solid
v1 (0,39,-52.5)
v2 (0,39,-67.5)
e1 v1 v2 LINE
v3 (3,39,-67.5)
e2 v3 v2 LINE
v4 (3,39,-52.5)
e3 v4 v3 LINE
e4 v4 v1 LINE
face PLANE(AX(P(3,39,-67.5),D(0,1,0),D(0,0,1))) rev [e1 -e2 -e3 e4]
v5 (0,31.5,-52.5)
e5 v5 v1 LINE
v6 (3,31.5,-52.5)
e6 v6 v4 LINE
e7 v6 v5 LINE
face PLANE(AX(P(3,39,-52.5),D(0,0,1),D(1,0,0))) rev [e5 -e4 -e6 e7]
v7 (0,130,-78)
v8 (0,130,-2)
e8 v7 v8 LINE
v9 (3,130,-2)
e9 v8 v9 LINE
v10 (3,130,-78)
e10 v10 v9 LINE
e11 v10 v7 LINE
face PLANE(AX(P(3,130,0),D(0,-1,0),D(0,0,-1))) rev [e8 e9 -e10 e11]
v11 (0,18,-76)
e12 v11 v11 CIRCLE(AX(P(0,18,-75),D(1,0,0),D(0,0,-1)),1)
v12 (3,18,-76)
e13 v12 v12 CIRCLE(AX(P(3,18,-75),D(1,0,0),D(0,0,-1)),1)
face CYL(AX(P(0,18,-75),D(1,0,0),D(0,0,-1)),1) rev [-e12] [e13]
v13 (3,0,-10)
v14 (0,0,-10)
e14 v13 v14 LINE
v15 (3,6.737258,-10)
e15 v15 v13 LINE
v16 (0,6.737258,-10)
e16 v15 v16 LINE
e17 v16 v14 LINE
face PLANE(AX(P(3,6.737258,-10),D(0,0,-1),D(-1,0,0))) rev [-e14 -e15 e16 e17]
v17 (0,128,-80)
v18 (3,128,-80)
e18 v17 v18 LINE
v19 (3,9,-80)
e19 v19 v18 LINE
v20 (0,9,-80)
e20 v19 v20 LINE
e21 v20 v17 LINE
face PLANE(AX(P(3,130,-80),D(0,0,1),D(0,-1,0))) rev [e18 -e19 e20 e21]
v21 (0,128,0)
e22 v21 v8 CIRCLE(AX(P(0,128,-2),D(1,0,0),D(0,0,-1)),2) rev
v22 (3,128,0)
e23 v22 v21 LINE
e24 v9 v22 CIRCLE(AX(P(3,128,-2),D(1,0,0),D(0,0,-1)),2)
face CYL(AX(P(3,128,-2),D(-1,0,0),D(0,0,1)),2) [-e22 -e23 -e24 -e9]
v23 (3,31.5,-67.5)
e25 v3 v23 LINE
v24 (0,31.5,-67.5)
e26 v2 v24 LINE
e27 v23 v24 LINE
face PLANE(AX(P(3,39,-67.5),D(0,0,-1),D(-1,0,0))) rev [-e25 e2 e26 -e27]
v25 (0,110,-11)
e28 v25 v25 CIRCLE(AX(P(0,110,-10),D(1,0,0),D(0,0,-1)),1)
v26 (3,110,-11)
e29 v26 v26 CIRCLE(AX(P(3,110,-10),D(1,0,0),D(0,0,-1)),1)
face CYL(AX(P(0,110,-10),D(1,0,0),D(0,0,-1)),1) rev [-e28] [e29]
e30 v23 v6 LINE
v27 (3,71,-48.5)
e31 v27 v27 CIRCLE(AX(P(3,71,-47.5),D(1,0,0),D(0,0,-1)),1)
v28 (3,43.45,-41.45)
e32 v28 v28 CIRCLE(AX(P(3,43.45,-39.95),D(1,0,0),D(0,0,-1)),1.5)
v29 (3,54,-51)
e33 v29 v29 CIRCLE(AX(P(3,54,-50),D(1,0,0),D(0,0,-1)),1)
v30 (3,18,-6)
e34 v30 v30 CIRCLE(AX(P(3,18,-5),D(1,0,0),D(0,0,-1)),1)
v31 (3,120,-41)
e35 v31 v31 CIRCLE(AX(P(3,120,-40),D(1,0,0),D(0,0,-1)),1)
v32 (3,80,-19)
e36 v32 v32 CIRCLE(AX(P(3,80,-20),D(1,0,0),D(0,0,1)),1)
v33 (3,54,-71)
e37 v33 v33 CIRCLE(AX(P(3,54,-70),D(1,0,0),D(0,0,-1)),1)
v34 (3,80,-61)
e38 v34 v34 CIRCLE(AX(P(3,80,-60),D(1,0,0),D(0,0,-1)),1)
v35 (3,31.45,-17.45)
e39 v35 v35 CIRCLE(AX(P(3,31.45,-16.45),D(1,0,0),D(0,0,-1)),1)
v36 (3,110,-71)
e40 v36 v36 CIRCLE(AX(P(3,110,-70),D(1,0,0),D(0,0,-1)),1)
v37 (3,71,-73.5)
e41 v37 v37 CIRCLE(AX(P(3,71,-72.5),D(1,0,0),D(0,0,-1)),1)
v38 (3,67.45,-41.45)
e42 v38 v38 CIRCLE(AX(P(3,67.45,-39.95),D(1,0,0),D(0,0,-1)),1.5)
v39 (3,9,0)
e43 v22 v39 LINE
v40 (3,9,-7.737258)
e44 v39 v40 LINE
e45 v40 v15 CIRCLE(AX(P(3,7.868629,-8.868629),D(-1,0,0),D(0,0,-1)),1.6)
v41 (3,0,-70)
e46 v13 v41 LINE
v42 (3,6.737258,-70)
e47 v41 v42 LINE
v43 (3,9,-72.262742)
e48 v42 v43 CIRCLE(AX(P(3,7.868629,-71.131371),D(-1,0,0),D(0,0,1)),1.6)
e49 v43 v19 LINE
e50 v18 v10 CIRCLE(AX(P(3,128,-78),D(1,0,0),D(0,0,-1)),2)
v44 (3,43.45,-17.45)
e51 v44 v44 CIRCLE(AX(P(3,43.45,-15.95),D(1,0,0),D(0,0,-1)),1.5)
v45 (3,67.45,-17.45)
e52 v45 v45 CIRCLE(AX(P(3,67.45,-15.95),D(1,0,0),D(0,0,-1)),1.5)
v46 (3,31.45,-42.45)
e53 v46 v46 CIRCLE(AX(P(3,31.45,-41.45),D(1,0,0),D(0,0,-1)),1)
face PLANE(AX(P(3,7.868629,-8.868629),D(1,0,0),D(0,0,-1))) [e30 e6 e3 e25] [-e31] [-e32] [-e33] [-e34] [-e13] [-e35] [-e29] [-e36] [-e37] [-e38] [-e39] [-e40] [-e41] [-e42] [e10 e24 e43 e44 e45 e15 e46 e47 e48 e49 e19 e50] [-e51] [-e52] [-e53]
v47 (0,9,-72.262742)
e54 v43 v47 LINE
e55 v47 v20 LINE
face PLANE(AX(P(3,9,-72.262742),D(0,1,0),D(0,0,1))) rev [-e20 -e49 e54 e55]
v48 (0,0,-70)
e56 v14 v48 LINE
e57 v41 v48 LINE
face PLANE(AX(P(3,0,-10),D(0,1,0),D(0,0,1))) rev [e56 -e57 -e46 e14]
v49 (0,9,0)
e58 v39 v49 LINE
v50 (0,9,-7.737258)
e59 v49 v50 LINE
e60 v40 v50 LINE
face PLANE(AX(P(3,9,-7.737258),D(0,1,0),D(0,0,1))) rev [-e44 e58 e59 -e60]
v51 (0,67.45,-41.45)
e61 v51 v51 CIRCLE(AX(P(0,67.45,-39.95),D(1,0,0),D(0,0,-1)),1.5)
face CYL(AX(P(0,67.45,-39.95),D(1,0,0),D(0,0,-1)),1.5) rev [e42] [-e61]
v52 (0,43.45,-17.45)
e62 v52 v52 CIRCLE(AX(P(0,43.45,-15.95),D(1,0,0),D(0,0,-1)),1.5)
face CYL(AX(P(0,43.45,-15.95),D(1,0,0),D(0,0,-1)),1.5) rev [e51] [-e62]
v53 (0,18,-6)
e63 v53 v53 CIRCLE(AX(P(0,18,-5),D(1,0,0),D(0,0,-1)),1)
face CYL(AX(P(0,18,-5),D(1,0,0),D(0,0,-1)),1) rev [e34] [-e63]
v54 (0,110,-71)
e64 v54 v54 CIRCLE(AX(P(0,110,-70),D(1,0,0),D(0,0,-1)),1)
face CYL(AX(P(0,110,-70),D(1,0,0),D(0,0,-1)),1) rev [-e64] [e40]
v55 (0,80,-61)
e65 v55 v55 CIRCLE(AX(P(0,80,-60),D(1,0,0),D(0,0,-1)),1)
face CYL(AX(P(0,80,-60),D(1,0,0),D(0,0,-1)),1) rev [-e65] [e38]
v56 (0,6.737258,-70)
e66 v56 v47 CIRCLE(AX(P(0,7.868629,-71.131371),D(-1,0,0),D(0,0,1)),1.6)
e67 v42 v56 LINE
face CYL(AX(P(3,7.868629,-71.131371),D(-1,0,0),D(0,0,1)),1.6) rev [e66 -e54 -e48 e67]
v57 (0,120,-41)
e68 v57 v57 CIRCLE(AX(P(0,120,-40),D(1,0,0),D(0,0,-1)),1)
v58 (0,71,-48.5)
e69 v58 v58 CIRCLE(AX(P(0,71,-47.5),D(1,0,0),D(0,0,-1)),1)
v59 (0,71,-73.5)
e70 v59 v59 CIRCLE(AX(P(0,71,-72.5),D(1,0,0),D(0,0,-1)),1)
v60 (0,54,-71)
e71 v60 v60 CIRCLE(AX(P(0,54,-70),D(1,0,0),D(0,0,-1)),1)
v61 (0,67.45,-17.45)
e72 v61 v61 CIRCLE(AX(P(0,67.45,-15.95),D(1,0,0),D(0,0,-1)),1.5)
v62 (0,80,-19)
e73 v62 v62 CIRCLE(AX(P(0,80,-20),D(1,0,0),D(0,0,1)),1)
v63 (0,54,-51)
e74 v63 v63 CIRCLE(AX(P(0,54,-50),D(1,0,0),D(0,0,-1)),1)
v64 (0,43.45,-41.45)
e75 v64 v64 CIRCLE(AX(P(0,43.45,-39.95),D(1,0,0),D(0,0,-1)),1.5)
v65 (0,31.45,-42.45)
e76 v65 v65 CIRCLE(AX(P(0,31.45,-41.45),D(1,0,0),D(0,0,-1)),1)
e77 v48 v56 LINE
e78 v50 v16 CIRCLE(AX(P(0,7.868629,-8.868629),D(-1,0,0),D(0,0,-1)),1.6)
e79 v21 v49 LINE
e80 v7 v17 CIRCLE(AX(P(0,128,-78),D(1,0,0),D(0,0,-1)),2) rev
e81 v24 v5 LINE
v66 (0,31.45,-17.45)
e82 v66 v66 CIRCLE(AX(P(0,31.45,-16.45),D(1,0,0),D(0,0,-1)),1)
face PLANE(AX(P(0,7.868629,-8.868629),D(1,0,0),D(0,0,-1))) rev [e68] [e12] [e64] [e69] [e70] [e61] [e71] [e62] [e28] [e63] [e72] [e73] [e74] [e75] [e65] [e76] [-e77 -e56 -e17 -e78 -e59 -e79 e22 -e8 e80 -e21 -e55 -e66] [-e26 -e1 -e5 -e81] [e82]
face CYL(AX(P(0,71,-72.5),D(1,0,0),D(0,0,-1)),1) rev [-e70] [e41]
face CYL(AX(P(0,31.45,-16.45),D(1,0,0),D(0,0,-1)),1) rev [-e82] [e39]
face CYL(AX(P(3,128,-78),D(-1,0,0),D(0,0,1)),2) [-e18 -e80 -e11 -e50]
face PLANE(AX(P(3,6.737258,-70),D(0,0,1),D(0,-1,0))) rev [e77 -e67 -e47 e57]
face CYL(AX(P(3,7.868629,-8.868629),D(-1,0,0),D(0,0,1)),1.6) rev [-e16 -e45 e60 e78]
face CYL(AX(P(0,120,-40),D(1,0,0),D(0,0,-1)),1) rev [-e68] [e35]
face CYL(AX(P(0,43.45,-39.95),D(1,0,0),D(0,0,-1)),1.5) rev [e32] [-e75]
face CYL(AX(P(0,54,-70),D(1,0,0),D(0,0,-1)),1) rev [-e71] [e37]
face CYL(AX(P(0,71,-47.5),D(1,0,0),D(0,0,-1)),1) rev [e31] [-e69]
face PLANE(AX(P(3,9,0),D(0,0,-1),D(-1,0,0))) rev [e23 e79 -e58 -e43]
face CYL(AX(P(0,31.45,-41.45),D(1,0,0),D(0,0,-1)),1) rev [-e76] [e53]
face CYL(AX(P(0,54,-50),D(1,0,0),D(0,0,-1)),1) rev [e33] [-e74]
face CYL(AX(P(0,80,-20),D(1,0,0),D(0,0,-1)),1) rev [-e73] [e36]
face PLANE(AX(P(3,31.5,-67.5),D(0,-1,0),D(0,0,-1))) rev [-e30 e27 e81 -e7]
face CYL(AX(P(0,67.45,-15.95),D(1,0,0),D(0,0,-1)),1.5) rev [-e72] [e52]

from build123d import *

# Parameters (mm, degrees)
EXTRUSION1_DEPTH        = 3
ESQUISSE2_R             = 1
ESQUISSE2_R_2           = 1.5
ENL_V_MAT_EXTRU_1_DEPTH = 4
ESQUISSE3_W             = 15
ESQUISSE3_H             = 7.5
ENL_V_MAT_EXTRU_2_DEPTH = 4
ESQUISSE4_R             = 1
ENL_V_MAT_EXTRU_3_DEPTH = 4
CONG_1_R                = 2
ESQUISSE5_R             = 1
ENL_V_MAT_EXTRU_6_DEPTH = 4


with BuildPart() as part:
    # Esquisse1 → Extrusion1 (new body)
    with BuildSketch(Plane(origin=(0, 0, 0), x_dir=(0, 0, -1), z_dir=(1, 0, 0))):
        with BuildLine():
            Line((10, 6.7372583), (10, 0))
            Line((10, 0), (70, 0))
            Line((70, 0), (70, 6.7372583))
            ThreePointArc((70, 6.7372583), (70, 9), (72.2627417, 9))
            Line((72.2627417, 9), (80, 9))
            Line((80, 9), (80, 130))
            Line((80, 130), (0, 130))
            Line((0, 130), (0, 9))
            Line((0, 9), (7.7372583, 9))
            ThreePointArc((7.7372583, 9), (10, 9), (10, 6.7372583))
        make_face()
    extrude(amount=EXTRUSION1_DEPTH)

    # Esquisse2 → Enlèv. mat.-Extru.1 (cut, through all)
    with BuildSketch(Plane(origin=(3, 0, 0), x_dir=(0, 0, -1), z_dir=(1, 0, 0))):
        with Locations((60, 80)):
            Circle(ESQUISSE2_R)
        with Locations((10, 110)):
            Circle(ESQUISSE2_R)
        with Locations(Location((20, 80, 0), (0, 0, 180))):  # turned: the seam where the file's is
            Circle(ESQUISSE2_R)
        with Locations((70, 110)):
            Circle(ESQUISSE2_R)
        with Locations((15.95, 67.45)):
            Circle(ESQUISSE2_R_2)
        with Locations((15.95, 43.45)):
            Circle(ESQUISSE2_R_2)
        with Locations((39.95, 43.45)):
            Circle(ESQUISSE2_R_2)
        with Locations((39.95, 67.45)):
            Circle(ESQUISSE2_R_2)
        with Locations((40, 120)):
            Circle(ESQUISSE2_R)
        with Locations((70, 54)):
            Circle(ESQUISSE2_R)
        with Locations((50, 54)):
            Circle(ESQUISSE2_R)
    extrude(amount=-ENL_V_MAT_EXTRU_1_DEPTH, mode=Mode.SUBTRACT)

    # Esquisse3 → Enlèv. mat.-Extru.2 (cut, through all)
    with BuildSketch(Plane.ZY):
        with Locations((-60, 35.25)):
            Rectangle(ESQUISSE3_W, ESQUISSE3_H)
    extrude(amount=-ENL_V_MAT_EXTRU_2_DEPTH, mode=Mode.SUBTRACT)

    # Esquisse4 → Enlèv. mat.-Extru.3 (cut, through all)
    with BuildSketch(Plane(origin=(3, 0, 0), x_dir=(0, 0, -1), z_dir=(1, 0, 0))):
        with Locations((75, 18)):
            Circle(ESQUISSE4_R)
        with Locations((5, 18)):
            Circle(ESQUISSE4_R)
    extrude(amount=-ENL_V_MAT_EXTRU_3_DEPTH, mode=Mode.SUBTRACT)

    # Congé1
    cong_1_edges = [part.edges().sort_by_distance(p)[0] for p in [
        (1.5, 130, 0),
        (1.5, 130, -80),
    ]]
    fillet(cong_1_edges, radius=CONG_1_R)

    # Esquisse5 → Enlèv. mat.-Extru.6 (cut, through all)
    with BuildSketch(Plane(origin=(3, 0, 0), x_dir=(0, 0, -1), z_dir=(1, 0, 0))):
        with Locations((16.45, 31.45)):
            Circle(ESQUISSE5_R)
        with Locations((41.45, 31.45)):
            Circle(ESQUISSE5_R)
        with Locations((47.5, 71)):
            Circle(ESQUISSE5_R)
        with Locations((72.5, 71)):
            Circle(ESQUISSE5_R)
    extrude(amount=-ENL_V_MAT_EXTRU_6_DEPTH, mode=Mode.SUBTRACT)


solid = part.part
